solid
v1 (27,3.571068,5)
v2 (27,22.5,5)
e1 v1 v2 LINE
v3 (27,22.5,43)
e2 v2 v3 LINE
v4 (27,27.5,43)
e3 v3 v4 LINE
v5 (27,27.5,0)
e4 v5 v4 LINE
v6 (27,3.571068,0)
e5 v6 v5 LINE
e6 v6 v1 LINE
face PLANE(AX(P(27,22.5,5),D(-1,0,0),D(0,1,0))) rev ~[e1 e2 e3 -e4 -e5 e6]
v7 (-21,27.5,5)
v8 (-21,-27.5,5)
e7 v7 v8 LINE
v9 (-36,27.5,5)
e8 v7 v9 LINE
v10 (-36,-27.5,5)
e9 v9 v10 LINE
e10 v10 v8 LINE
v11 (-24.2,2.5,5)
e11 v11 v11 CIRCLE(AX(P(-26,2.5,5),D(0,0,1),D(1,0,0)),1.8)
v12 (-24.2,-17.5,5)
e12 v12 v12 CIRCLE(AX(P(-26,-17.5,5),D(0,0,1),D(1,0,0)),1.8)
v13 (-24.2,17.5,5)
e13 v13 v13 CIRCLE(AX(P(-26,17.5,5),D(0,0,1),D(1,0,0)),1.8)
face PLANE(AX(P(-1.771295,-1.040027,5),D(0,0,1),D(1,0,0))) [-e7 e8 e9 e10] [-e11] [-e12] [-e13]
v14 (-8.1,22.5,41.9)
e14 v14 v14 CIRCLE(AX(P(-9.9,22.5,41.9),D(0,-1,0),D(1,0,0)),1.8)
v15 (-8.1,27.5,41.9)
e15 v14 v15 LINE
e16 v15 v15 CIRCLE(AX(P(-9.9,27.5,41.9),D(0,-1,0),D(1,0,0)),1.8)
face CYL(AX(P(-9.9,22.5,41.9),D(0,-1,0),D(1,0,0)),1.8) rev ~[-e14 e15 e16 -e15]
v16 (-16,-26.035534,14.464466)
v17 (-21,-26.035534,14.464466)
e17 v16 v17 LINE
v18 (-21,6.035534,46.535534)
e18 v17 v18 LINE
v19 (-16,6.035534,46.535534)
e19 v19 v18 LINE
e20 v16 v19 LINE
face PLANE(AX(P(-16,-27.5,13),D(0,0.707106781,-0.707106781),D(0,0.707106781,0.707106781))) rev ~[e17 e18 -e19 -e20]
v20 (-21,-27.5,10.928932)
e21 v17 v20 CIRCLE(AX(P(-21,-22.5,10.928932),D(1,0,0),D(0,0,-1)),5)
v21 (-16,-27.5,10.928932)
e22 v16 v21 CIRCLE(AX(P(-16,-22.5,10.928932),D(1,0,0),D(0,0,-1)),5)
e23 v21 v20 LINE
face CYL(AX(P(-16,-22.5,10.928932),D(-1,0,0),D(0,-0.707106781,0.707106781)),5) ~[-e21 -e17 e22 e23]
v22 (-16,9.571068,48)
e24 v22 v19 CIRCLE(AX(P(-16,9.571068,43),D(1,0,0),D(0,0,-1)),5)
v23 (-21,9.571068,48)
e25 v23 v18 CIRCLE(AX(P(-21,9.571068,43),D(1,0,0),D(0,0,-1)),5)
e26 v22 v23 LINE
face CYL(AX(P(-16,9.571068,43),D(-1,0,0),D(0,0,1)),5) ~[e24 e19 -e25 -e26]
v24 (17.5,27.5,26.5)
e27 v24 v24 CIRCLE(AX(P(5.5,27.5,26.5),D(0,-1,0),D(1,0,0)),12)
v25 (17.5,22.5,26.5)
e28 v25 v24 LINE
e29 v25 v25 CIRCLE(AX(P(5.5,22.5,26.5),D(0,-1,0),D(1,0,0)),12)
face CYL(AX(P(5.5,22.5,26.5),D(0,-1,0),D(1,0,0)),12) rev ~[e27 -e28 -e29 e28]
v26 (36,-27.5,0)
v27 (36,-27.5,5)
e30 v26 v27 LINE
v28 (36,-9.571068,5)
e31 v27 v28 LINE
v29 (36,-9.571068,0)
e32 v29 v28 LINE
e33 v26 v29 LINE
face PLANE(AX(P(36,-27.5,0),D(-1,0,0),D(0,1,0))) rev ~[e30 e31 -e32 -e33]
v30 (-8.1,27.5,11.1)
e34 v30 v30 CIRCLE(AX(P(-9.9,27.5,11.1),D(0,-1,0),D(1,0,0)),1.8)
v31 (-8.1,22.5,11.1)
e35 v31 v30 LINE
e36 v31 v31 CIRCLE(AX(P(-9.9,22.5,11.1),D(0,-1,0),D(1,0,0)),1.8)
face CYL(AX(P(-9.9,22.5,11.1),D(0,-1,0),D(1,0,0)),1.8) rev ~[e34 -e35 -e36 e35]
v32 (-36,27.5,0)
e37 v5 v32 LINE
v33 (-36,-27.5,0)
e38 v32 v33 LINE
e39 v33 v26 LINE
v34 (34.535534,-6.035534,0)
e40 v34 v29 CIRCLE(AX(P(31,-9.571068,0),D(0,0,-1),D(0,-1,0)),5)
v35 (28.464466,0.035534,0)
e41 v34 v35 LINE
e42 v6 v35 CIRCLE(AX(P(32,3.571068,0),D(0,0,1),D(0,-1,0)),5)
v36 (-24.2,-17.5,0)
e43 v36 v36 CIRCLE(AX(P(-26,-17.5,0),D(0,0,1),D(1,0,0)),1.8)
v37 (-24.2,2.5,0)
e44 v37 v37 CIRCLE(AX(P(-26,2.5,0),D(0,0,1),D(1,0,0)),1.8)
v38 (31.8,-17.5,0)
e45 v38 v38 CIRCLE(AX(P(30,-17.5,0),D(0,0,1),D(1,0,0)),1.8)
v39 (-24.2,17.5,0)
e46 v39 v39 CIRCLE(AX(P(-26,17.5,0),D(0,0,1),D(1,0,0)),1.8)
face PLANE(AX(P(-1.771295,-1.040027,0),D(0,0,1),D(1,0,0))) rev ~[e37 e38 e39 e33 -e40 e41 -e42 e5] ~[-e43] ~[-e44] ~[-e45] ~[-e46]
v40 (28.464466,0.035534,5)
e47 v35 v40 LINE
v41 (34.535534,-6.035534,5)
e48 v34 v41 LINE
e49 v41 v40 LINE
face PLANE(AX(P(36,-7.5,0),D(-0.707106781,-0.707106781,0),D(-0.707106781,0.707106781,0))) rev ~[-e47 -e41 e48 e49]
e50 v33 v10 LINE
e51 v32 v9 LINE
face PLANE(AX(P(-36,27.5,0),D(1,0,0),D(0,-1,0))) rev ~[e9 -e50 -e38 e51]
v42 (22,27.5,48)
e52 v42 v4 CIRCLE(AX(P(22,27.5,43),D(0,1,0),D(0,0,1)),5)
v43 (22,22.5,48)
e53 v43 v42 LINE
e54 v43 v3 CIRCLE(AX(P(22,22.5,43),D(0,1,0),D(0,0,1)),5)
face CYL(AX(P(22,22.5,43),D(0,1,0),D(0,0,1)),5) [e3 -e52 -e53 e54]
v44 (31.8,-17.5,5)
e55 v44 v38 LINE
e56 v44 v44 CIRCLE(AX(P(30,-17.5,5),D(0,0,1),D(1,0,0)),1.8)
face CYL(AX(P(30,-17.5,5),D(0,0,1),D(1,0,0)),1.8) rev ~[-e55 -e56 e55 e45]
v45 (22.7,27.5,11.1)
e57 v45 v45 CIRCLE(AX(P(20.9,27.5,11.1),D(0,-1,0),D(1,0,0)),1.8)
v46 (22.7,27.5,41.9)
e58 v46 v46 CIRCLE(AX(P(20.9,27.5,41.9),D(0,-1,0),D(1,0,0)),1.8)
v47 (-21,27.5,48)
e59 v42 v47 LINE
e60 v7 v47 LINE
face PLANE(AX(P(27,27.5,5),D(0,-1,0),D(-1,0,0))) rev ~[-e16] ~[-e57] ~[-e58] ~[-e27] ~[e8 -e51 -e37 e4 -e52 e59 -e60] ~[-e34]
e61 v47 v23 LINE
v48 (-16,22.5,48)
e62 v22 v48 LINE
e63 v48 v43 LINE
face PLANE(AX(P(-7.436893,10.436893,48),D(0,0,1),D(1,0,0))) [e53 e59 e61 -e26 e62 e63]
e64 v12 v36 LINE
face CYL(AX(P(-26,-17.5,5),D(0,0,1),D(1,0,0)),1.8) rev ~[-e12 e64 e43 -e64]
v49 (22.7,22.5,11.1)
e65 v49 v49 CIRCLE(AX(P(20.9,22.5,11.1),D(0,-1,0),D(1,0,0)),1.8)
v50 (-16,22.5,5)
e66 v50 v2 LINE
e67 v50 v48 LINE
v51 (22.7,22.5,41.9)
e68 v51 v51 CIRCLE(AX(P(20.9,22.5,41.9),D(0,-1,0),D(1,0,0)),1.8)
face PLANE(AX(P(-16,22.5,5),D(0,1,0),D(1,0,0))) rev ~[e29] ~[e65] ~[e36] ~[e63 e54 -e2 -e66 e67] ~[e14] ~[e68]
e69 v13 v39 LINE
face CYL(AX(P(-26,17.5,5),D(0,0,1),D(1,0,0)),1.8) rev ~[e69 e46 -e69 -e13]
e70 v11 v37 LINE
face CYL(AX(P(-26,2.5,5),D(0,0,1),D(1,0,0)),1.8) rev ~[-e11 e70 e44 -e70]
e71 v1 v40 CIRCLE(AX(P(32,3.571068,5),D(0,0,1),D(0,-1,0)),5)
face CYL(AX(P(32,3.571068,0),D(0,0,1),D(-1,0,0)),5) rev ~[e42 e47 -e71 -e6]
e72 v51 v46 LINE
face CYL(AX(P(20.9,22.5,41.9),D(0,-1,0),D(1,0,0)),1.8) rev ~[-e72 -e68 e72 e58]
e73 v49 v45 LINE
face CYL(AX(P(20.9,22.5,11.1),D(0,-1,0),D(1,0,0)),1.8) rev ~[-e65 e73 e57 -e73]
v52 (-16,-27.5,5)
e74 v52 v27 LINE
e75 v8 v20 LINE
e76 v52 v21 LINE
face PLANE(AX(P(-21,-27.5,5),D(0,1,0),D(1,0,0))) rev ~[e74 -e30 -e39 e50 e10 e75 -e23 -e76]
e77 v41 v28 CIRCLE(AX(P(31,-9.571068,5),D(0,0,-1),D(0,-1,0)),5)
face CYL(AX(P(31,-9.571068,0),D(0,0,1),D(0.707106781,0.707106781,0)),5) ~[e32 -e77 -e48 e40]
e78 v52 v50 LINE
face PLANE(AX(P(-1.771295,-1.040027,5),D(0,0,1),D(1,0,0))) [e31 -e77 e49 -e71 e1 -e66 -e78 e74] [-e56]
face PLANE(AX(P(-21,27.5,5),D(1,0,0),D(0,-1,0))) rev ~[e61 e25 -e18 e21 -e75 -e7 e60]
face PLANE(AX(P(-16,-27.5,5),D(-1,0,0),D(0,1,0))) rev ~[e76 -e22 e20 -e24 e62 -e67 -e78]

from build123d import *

# Parameters (mm, degrees)
F1_DEPTH = 5
F2_R     = 1.8
F3_DEPTH = 25
F5_DEPTH = 43
F7_DEPTH = 25
F8_R     = 12
F8_R_2   = 1.8
F9_DEPTH = 25
F10_R    = 5


with BuildPart() as f1:
    # F0 (on Top) → F1 (new body)
    with BuildSketch(Plane.XY):
        Polygon((-36, 27.5), (-36, -27.5), (36, -27.5), (36, -7.5), (27, 1.5), (27, 27.5), align=None)
    extrude(amount=F1_DEPTH)

    # F2 (on face) → F3 (cut)
    with BuildSketch(Plane.XY.offset(5)):
        with Locations((-26, 17.5)):
            Circle(F2_R)
        with Locations((-26, 2.5)):
            Circle(F2_R)
        with Locations((-26, -17.5)):
            Circle(F2_R)
        with Locations((30, -17.5)):
            Circle(F2_R)
    extrude(amount=-F3_DEPTH, mode=Mode.SUBTRACT)

    # F4 (on face) → F5 (join)
    with BuildSketch(Plane.XY.offset(5)):
        Polygon((-16, 22.5), (27, 22.5), (27, 27.5), (-21, 27.5), (-21, -27.5), (-16, -27.5), align=None)
    extrude(amount=F5_DEPTH)

    # F6 (on face) → F7 (cut)
    with BuildSketch(Plane.YZ.offset(-16)):
        Polygon((-27.5, 13), (7.5, 48), (-27.5, 48), align=None)
    extrude(amount=-F7_DEPTH, mode=Mode.SUBTRACT)

    # F8 (on face) → F9 (cut)
    with BuildSketch(Plane.XZ.offset(-22.5)):
        with Locations((5.5, 26.5)):
            Circle(F8_R)
        with Locations((-9.9, 41.9)):
            Circle(F8_R_2)
        with Locations((-9.9, 11.1)):
            Circle(F8_R_2)
        with Locations((20.9, 41.9)):
            Circle(F8_R_2)
        with Locations((20.9, 11.1)):
            Circle(F8_R_2)
    extrude(amount=-F9_DEPTH, mode=Mode.SUBTRACT)

    # F10
    f10_edges = [f1.edges().sort_by_distance(p)[0] for p in [
        (-18.5, 7.5, 48),
        (-18.5, -27.5, 13),
        (27, 25, 48),
        (36, -7.5, 2.5),
        (27, 1.5, 2.5),
    ]]
    fillet(f10_edges, radius=F10_R)


solid = f1.part
